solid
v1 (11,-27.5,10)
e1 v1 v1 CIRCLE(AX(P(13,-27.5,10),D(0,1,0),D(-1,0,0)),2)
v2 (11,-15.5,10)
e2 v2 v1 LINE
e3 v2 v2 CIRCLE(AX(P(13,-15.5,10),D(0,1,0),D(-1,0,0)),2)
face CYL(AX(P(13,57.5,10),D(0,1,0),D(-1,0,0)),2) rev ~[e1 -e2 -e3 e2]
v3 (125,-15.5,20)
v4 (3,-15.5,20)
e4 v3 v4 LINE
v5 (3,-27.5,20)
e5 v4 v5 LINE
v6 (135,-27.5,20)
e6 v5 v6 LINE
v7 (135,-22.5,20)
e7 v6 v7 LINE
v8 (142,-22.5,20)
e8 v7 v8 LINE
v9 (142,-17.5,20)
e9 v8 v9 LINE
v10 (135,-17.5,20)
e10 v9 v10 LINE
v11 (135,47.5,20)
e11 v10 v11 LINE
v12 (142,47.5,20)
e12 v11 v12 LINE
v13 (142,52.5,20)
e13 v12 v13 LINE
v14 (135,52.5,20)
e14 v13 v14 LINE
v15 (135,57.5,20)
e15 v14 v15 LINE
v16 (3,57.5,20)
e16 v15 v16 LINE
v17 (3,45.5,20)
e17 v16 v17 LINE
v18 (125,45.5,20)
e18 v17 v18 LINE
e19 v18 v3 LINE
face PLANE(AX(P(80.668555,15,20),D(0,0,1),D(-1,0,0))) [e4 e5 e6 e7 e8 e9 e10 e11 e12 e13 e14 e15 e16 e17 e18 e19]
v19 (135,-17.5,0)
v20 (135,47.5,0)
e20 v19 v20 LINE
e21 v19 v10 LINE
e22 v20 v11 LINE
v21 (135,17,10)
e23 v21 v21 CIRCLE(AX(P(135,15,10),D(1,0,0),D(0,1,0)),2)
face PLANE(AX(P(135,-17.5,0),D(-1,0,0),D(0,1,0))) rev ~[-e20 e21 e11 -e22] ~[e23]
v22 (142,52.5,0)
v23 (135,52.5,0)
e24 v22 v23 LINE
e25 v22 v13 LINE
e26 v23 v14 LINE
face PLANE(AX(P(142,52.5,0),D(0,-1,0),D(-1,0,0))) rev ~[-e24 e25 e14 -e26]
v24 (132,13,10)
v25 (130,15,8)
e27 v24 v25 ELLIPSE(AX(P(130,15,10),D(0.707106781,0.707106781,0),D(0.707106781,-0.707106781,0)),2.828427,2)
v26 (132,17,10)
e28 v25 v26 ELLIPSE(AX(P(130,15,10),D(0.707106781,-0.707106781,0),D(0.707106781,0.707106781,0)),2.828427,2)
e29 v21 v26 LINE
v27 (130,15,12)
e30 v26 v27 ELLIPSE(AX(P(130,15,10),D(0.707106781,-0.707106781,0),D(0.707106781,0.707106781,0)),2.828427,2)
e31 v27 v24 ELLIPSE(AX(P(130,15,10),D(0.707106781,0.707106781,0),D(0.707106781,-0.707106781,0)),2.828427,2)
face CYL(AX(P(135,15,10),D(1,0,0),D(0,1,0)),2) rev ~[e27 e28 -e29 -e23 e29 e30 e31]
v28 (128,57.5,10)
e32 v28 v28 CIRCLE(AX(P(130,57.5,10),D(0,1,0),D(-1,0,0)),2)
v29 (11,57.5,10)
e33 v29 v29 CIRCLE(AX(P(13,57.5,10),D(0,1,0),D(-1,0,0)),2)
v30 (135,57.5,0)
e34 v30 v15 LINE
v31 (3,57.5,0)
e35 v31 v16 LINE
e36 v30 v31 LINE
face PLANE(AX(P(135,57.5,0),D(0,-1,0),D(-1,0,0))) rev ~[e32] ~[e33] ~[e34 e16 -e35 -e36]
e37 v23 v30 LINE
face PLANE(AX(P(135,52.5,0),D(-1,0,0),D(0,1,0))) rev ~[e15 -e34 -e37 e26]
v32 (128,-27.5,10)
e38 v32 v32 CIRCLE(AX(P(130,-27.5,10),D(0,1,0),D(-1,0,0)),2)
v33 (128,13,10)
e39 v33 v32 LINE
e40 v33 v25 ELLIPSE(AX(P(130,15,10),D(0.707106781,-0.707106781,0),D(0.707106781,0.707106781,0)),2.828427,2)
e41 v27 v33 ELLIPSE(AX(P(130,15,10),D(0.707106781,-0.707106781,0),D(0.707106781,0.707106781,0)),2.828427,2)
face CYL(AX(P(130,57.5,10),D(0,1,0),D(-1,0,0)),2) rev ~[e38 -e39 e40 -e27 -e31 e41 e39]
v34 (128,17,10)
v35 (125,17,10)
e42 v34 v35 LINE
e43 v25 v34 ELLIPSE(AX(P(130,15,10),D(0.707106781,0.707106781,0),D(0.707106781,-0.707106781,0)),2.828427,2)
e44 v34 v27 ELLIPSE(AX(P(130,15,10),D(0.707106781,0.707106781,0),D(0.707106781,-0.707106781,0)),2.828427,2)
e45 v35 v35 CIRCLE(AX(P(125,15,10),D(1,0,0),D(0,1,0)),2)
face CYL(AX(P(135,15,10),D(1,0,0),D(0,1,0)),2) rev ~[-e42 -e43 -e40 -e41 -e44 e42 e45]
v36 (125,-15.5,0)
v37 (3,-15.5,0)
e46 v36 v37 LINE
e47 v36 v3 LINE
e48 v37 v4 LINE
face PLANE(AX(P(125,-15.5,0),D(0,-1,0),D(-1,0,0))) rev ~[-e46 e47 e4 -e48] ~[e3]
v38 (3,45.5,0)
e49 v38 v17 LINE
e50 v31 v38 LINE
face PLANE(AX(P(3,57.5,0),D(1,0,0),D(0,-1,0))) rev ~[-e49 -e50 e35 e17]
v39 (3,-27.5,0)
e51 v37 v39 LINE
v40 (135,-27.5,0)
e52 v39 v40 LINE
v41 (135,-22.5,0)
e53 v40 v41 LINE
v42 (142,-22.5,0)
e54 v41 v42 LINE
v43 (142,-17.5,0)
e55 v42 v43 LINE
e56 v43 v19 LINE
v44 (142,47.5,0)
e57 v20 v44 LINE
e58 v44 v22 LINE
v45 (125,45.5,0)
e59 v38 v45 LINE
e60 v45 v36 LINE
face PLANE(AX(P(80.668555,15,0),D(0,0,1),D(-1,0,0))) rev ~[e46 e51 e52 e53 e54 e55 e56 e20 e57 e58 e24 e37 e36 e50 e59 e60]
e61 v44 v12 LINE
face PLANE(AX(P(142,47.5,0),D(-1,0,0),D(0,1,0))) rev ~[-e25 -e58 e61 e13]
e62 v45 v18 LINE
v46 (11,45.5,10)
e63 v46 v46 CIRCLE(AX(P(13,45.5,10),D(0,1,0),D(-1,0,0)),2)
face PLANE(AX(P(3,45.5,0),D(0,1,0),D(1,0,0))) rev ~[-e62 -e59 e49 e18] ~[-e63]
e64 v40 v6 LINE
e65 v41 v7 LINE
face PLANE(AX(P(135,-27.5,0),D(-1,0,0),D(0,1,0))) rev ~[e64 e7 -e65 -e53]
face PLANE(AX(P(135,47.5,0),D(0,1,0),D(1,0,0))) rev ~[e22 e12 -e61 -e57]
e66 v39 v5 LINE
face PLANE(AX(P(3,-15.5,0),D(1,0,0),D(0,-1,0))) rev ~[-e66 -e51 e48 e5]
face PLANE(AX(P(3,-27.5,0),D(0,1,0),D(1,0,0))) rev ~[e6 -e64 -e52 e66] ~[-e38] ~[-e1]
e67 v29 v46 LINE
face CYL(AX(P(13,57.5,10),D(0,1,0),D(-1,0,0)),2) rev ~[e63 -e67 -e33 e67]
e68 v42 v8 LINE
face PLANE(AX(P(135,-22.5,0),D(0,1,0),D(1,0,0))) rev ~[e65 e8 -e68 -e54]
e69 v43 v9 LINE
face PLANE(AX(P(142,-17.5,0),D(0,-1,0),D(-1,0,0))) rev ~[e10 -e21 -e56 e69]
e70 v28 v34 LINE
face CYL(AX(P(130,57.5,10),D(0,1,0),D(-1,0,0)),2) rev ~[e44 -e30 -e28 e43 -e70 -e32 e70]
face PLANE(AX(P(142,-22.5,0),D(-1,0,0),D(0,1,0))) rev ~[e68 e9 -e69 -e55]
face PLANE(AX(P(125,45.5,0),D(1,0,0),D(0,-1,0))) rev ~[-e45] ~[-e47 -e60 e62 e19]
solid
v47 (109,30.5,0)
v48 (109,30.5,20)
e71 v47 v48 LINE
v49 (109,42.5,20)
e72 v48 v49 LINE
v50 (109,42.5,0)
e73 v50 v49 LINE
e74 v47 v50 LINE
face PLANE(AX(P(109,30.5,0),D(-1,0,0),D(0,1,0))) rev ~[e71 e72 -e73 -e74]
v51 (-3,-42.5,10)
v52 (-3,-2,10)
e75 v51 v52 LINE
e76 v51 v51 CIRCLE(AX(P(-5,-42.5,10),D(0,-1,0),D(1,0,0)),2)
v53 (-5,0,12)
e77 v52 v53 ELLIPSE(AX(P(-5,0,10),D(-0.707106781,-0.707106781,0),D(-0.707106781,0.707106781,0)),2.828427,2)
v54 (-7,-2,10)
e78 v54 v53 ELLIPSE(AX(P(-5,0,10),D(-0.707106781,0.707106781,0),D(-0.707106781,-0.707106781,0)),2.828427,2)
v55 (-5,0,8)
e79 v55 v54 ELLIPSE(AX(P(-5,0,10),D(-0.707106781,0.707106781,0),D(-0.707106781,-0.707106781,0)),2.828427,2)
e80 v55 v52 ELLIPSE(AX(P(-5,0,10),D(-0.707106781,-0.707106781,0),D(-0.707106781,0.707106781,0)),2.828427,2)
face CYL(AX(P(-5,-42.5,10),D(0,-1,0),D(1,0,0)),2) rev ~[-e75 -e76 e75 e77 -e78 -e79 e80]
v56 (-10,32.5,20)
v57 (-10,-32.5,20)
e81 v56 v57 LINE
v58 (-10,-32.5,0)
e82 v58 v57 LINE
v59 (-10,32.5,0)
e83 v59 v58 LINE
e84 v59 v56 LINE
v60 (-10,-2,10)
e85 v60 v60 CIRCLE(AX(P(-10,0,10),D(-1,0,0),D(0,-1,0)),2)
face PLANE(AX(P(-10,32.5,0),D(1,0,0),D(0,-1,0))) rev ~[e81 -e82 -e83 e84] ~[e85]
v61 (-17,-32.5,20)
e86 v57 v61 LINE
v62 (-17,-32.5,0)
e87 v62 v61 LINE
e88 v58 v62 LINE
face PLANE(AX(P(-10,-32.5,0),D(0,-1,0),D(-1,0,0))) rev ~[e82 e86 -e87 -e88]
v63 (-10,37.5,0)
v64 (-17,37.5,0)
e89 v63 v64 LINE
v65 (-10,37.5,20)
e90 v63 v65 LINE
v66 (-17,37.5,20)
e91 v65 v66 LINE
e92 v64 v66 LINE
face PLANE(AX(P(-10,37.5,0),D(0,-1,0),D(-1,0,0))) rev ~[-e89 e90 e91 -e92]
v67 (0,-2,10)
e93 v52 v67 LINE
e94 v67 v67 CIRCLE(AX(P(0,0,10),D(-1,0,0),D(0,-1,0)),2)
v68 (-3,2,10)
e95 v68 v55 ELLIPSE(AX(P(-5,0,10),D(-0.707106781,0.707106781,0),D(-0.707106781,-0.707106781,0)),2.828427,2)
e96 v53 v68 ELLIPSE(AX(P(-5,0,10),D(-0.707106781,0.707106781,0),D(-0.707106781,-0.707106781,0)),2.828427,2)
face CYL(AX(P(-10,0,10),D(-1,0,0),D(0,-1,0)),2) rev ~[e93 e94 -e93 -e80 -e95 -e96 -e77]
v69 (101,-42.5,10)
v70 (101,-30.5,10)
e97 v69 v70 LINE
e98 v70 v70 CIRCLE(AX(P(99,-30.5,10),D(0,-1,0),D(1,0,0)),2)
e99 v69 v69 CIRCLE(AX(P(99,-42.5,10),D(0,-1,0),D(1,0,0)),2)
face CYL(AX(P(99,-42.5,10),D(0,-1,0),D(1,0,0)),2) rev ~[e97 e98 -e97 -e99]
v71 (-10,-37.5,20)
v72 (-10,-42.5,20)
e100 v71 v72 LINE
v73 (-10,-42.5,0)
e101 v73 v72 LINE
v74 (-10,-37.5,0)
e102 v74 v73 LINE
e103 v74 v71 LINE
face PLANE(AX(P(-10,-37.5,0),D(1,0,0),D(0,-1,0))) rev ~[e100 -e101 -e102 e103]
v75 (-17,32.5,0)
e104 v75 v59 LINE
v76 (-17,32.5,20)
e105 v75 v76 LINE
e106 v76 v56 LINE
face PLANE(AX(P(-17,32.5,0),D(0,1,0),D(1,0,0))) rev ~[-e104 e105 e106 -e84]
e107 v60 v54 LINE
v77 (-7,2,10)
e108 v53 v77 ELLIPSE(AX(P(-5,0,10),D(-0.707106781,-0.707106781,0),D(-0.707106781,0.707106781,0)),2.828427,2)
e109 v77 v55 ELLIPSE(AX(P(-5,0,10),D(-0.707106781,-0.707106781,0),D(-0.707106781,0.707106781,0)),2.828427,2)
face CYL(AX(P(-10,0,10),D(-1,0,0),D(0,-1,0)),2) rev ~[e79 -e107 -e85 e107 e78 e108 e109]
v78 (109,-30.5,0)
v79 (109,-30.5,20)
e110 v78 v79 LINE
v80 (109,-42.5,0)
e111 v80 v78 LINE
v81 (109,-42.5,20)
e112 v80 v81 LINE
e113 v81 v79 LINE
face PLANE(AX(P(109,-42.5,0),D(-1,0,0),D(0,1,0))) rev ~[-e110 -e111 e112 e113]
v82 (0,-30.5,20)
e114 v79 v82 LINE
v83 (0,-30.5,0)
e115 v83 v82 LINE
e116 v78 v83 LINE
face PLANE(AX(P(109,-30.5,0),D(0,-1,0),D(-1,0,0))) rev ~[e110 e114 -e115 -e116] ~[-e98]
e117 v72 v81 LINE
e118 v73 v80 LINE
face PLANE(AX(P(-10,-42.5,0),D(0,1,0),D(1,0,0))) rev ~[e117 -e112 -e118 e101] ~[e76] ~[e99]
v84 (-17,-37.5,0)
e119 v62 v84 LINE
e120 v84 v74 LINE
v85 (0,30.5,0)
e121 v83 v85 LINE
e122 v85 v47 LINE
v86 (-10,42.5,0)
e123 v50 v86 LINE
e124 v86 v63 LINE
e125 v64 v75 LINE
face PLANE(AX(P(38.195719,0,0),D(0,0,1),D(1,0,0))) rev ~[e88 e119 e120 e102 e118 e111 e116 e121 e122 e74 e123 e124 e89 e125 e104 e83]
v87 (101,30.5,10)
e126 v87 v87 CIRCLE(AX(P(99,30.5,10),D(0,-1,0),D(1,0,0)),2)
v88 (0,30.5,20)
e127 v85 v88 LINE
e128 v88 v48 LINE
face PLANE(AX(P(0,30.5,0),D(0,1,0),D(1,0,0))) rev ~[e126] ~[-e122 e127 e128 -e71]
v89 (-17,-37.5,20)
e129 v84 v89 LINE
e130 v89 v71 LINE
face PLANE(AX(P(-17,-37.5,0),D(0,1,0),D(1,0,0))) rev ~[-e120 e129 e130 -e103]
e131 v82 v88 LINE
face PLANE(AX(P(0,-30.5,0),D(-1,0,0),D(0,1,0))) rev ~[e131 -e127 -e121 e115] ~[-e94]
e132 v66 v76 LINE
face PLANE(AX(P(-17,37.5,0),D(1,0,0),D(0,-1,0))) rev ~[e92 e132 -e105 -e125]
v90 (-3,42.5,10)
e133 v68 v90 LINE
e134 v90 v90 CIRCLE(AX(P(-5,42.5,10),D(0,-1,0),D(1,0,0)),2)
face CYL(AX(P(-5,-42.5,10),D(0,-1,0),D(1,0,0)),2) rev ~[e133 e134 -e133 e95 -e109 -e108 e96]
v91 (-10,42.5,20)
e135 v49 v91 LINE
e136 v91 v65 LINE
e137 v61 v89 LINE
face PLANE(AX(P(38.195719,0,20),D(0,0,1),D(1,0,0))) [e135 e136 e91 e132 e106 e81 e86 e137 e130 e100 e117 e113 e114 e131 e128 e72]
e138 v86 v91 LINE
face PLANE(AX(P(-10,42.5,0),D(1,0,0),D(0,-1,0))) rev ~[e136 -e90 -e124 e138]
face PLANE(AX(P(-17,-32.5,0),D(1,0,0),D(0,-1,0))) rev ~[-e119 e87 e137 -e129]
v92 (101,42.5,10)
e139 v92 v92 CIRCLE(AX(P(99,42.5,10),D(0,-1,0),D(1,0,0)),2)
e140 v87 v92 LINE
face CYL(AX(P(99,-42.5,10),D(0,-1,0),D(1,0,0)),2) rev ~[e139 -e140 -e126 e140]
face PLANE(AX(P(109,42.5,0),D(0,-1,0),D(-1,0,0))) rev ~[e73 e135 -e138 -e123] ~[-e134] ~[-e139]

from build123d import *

# Parameters (mm, degrees)
PAD_DEPTH       = 20
SKETCH004_R     = 2
POCKET002_DEPTH = 119.001
SKETCH005_R     = 2
POCKET003_DEPTH = 85.001
PAD001_DEPTH    = 20
SKETCH007_R     = 2
POCKET004_DEPTH = 132.001
SKETCH008_R     = 2
POCKET005_DEPTH = 85.001


with BuildPart() as soporte_agujero_superior_lateral:
    # Sketch → Pad (new body)
    with BuildSketch(Plane.XY):
        Polygon((-10, -42.5), (109, -42.5), (109, -30.5), (0, -30.5), (0, 30.5), (109, 30.5), (109, 42.5), (-10, 42.5), (-10, 37.5), (-17, 37.5), (-17, 32.5), (-10, 32.5), (-10, -32.5), (-17, -32.5), (-17, -37.5), (-10, -37.5), align=None)
    extrude(amount=PAD_DEPTH)

    # Sketch004 → Pocket002 (cut, through all)
    with BuildSketch(Plane(origin=(-10, 0, 0), x_dir=(0, -1, 0), z_dir=(-1, 0, 0))):
        with Locations((0, 10)):
            Circle(SKETCH004_R)
    extrude(amount=-POCKET002_DEPTH, mode=Mode.SUBTRACT)

    # Sketch005 → Pocket003 (cut, through all)
    with BuildSketch(Plane.XZ.offset(42.5)):
        with Locations((-5, 10)):
            Circle(SKETCH005_R)
        with Locations((99, 10)):
            Circle(SKETCH005_R)
    extrude(amount=-POCKET003_DEPTH, mode=Mode.SUBTRACT)


with BuildPart() as soporte_agujero_superior_lateral001:
    # Sketch006 → Pad001 (new body)
    with BuildSketch(Plane(origin=(125, 15, 0), x_dir=(-1, 0, 0), z_dir=(0, 0, 1))):
        Polygon((-10, -42.5), (122, -42.5), (122, -30.5), (0, -30.5), (0, 30.5), (122, 30.5), (122, 42.5), (-10, 42.5), (-10, 37.5), (-17, 37.5), (-17, 32.5), (-10, 32.5), (-10, -32.5), (-17, -32.5), (-17, -37.5), (-10, -37.5), align=None)
    extrude(amount=PAD001_DEPTH)

    # Sketch007 → Pocket004 (cut, through all)
    with BuildSketch(Plane(origin=(135, 15, 0), x_dir=(0, 1, 0), z_dir=(1, 0, 0))):
        with Locations((0, 10)):
            Circle(SKETCH007_R)
    extrude(amount=-POCKET004_DEPTH, mode=Mode.SUBTRACT)

    # Sketch008 → Pocket005 (cut, through all)
    with BuildSketch(Plane(origin=(125, 57.5, 0), x_dir=(-1, 0, 0), z_dir=(0, 1, 0))):
        with Locations((-5, 10)):
            Circle(SKETCH008_R)
        with Locations((112, 10)):
            Circle(SKETCH008_R)
    extrude(amount=-POCKET005_DEPTH, mode=Mode.SUBTRACT)


solid = Compound([soporte_agujero_superior_lateral.part, soporte_agujero_superior_lateral001.part])
